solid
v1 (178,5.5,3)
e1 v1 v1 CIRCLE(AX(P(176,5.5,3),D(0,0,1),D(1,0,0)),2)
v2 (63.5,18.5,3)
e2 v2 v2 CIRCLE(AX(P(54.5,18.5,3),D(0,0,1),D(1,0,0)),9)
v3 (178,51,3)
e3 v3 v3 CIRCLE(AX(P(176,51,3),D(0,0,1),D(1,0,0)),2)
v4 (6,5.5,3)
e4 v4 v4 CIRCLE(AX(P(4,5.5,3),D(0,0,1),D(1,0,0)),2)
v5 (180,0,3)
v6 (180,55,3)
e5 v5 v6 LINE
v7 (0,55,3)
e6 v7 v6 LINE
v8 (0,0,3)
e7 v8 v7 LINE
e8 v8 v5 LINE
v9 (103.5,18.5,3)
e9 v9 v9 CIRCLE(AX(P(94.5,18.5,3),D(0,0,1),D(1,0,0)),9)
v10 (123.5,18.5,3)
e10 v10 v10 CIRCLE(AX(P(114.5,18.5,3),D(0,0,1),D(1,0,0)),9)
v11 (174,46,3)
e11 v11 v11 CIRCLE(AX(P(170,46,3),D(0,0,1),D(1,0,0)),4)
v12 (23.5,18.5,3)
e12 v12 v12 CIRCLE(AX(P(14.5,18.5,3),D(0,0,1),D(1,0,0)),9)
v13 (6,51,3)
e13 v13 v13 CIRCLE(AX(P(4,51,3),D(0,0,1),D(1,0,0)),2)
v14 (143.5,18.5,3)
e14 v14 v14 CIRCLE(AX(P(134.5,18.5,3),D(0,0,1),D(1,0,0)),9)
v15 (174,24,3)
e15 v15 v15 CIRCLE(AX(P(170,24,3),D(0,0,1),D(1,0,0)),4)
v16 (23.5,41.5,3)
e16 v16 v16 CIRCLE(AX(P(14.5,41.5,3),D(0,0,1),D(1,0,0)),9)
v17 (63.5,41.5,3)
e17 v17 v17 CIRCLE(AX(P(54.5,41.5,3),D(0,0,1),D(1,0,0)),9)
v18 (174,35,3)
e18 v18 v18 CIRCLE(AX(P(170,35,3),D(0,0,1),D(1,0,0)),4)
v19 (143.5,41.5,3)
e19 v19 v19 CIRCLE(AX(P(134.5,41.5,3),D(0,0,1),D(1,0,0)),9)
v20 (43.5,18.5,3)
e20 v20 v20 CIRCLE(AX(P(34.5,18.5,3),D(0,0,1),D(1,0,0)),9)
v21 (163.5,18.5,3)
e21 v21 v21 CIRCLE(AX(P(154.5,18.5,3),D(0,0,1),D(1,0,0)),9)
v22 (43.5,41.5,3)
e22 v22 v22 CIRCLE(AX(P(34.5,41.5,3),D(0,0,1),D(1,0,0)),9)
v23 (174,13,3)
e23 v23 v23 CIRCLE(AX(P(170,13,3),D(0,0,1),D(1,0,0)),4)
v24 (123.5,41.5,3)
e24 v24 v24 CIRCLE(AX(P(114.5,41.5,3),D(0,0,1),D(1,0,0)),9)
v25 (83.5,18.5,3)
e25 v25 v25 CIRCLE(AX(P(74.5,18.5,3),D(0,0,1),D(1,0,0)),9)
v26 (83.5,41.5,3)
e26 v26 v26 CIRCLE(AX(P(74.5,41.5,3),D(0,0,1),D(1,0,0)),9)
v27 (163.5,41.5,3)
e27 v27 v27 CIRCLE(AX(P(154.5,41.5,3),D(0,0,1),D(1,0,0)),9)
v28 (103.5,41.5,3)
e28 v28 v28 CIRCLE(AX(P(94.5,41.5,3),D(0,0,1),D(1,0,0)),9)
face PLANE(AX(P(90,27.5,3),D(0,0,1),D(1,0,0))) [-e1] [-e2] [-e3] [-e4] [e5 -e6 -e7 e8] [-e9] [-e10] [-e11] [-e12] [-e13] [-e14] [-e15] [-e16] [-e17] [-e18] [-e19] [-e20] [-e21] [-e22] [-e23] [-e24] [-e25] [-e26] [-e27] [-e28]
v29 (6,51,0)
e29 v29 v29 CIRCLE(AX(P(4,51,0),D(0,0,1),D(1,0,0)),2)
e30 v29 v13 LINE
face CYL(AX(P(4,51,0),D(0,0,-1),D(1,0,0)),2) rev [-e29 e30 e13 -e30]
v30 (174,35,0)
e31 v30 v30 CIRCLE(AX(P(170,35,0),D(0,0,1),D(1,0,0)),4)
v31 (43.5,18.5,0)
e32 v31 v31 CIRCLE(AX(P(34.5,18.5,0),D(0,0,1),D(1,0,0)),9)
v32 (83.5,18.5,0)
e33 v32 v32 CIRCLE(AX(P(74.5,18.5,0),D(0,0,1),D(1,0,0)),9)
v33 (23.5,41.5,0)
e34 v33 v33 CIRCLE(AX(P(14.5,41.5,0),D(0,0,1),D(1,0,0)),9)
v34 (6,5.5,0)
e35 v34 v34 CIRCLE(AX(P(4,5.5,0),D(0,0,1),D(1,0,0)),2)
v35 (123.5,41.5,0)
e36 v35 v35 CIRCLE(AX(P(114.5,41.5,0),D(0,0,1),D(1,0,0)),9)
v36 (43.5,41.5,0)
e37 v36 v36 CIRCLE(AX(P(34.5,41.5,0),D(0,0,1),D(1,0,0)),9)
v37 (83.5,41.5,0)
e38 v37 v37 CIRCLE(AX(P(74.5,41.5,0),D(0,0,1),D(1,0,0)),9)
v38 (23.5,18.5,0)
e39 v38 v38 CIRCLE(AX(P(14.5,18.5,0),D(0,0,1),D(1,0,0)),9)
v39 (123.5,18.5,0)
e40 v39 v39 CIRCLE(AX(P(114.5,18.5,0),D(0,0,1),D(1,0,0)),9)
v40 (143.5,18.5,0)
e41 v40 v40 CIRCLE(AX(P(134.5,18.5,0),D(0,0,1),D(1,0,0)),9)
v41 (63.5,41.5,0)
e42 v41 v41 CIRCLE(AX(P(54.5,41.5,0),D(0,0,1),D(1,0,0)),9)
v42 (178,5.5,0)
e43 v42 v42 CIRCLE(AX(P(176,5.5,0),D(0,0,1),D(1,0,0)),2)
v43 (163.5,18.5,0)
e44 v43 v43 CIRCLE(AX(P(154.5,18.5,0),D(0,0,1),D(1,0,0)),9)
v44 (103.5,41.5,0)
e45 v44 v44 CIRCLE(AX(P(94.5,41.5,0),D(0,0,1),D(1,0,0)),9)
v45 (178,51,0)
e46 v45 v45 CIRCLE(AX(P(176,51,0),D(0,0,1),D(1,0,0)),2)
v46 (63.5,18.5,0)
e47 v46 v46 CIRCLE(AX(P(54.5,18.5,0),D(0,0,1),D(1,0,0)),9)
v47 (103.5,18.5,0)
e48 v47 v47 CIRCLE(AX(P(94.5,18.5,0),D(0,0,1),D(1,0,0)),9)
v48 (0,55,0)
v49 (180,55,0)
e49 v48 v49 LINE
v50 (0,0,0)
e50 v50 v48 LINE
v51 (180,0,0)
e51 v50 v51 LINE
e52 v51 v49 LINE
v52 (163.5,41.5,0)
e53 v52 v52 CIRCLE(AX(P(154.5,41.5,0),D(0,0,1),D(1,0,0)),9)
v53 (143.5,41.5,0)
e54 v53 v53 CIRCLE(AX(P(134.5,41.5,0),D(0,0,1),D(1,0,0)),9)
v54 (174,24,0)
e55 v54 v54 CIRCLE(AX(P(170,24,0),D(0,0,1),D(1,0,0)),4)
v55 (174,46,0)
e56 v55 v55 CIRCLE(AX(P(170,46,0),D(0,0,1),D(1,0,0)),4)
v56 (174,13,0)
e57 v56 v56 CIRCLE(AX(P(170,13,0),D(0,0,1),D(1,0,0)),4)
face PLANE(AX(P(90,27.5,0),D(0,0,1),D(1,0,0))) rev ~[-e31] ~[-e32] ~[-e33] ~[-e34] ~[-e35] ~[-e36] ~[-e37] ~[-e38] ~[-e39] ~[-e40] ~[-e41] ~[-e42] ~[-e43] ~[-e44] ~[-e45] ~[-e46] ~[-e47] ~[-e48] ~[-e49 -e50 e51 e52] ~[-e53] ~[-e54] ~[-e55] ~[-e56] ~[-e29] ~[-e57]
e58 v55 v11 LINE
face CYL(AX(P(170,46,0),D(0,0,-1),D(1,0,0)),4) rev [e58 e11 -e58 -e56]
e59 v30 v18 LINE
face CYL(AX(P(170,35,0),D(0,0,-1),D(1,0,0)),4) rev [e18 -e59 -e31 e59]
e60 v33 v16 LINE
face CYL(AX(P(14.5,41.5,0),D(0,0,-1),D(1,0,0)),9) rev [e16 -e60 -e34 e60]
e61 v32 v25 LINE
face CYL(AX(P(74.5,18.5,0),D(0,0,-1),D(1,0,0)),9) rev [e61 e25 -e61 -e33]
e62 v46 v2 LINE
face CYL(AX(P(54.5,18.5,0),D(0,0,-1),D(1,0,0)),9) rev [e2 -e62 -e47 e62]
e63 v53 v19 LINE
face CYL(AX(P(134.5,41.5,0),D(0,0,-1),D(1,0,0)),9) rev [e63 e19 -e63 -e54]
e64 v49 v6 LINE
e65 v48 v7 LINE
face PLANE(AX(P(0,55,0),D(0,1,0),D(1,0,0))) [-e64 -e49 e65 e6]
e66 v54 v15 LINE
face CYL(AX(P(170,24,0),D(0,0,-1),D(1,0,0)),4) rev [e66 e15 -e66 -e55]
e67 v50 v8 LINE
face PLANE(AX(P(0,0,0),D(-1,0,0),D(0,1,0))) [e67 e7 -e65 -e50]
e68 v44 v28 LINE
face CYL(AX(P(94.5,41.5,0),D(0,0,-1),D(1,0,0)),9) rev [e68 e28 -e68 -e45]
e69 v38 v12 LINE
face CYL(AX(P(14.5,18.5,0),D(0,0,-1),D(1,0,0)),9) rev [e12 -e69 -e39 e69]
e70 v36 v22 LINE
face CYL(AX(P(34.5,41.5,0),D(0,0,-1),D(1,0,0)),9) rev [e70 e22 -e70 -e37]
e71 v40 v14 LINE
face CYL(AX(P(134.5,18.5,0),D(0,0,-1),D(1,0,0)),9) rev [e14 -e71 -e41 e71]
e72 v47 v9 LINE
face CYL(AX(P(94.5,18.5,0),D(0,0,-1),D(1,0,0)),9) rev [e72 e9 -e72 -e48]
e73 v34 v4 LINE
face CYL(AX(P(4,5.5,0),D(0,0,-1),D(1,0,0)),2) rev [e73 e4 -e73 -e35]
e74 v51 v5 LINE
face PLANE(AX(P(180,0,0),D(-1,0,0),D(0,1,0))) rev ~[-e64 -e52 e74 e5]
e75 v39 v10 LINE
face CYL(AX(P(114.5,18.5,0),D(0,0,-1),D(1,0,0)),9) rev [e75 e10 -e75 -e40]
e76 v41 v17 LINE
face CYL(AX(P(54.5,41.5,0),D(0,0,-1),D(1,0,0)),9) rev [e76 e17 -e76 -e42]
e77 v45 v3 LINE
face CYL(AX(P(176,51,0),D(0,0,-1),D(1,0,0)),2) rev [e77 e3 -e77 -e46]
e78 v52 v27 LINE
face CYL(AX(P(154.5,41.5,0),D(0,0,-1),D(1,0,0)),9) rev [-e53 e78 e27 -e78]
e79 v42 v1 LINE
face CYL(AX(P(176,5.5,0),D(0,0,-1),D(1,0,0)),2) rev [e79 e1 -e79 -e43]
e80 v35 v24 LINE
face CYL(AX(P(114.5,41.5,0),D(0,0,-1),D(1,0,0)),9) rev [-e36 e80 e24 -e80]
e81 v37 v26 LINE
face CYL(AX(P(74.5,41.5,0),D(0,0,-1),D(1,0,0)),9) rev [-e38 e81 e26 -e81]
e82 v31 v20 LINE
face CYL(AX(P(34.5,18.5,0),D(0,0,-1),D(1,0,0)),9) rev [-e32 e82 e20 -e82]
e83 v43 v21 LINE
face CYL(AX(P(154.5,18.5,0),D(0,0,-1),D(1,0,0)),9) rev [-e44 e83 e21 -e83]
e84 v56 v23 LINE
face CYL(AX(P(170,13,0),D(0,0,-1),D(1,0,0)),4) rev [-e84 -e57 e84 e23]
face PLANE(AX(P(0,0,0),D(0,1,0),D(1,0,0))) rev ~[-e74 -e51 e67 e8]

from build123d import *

# Parameters (mm, degrees)
CYLINDER023_R     = 2
CYLINDER023_DEPTH = 3
CYLINDER022_R     = 2
CYLINDER022_DEPTH = 3
CYLINDER021_R     = 2
CYLINDER021_DEPTH = 3
CYLINDER020_R     = 2
CYLINDER020_DEPTH = 3
CYLINDER019_R     = 4
CYLINDER019_DEPTH = 3
CYLINDER018_R     = 4
CYLINDER018_DEPTH = 3
CYLINDER013_R     = 4
CYLINDER013_DEPTH = 3
CYLINDER012_R     = 4
CYLINDER012_DEPTH = 3
CYLINDER017_R     = 9
CYLINDER017_DEPTH = 3
CYLINDER016_R     = 9
CYLINDER016_DEPTH = 3
CYLINDER015_R     = 9
CYLINDER015_DEPTH = 3
CYLINDER014_R     = 9
CYLINDER014_DEPTH = 3
CYLINDER007_R     = 9
CYLINDER007_DEPTH = 3
CYLINDER006_R     = 9
CYLINDER006_DEPTH = 3
CYLINDER005_R     = 9
CYLINDER005_DEPTH = 3
CYLINDER004_R     = 9
CYLINDER004_DEPTH = 3
CYLINDER011_R     = 9
CYLINDER011_DEPTH = 3
CYLINDER010_R     = 9
CYLINDER010_DEPTH = 3
CYLINDER009_R     = 9
CYLINDER009_DEPTH = 3
CYLINDER008_R     = 9
CYLINDER008_DEPTH = 3
CYLINDER003_R     = 9
CYLINDER003_DEPTH = 3
CYLINDER002_R     = 9
CYLINDER002_DEPTH = 3
CYLINDER001_R     = 9
CYLINDER001_DEPTH = 3
CYLINDER_R        = 9
CYLINDER_DEPTH    = 3
BOX_W             = 180
BOX_H             = 55
BOX_DEPTH         = 3


with BuildPart() as cylinder023:
    # Cylinder023 → Cylinder023 (new body)
    with BuildSketch(Plane(origin=(176, 51, 0), x_dir=(1, 0, 0), z_dir=(0, 0, 1))):
        Circle(CYLINDER023_R)
    extrude(amount=CYLINDER023_DEPTH)


with BuildPart() as cylinder022:
    # Cylinder022 → Cylinder022 (new body)
    with BuildSketch(Plane(origin=(4, 51, 0), x_dir=(1, 0, 0), z_dir=(0, 0, 1))):
        Circle(CYLINDER022_R)
    extrude(amount=CYLINDER022_DEPTH)


with BuildPart() as cylinder021:
    # Cylinder021 → Cylinder021 (new body)
    with BuildSketch(Plane(origin=(176, 5.5, 0), x_dir=(1, 0, 0), z_dir=(0, 0, 1))):
        Circle(CYLINDER021_R)
    extrude(amount=CYLINDER021_DEPTH)


with BuildPart() as cylinder020:
    # Cylinder020 → Cylinder020 (new body)
    with BuildSketch(Plane(origin=(4, 5.5, 0), x_dir=(1, 0, 0), z_dir=(0, 0, 1))):
        Circle(CYLINDER020_R)
    extrude(amount=CYLINDER020_DEPTH)


with BuildPart() as cylinder019:
    # Cylinder019 → Cylinder019 (new body)
    with BuildSketch(Plane(origin=(170, 13, 0), x_dir=(1, 0, 0), z_dir=(0, 0, 1))):
        Circle(CYLINDER019_R)
    extrude(amount=CYLINDER019_DEPTH)


with BuildPart() as cylinder018:
    # Cylinder018 → Cylinder018 (new body)
    with BuildSketch(Plane(origin=(170, 24, 0), x_dir=(1, 0, 0), z_dir=(0, 0, 1))):
        Circle(CYLINDER018_R)
    extrude(amount=CYLINDER018_DEPTH)


with BuildPart() as cylinder013:
    # Cylinder013 → Cylinder013 (new body)
    with BuildSketch(Plane(origin=(170, 35, 0), x_dir=(1, 0, 0), z_dir=(0, 0, 1))):
        Circle(CYLINDER013_R)
    extrude(amount=CYLINDER013_DEPTH)


with BuildPart() as cylinder012:
    # Cylinder012 → Cylinder012 (new body)
    with BuildSketch(Plane(origin=(170, 46, 0), x_dir=(1, 0, 0), z_dir=(0, 0, 1))):
        Circle(CYLINDER012_R)
    extrude(amount=CYLINDER012_DEPTH)


with BuildPart() as cylinder017:
    # Cylinder017 → Cylinder017 (new body)
    with BuildSketch(Plane(origin=(154.5, 18.5, 0), x_dir=(1, 0, 0), z_dir=(0, 0, 1))):
        Circle(CYLINDER017_R)
    extrude(amount=CYLINDER017_DEPTH)


with BuildPart() as cylinder016:
    # Cylinder016 → Cylinder016 (new body)
    with BuildSketch(Plane(origin=(134.5, 18.5, 0), x_dir=(1, 0, 0), z_dir=(0, 0, 1))):
        Circle(CYLINDER016_R)
    extrude(amount=CYLINDER016_DEPTH)


with BuildPart() as cylinder015:
    # Cylinder015 → Cylinder015 (new body)
    with BuildSketch(Plane(origin=(114.5, 18.5, 0), x_dir=(1, 0, 0), z_dir=(0, 0, 1))):
        Circle(CYLINDER015_R)
    extrude(amount=CYLINDER015_DEPTH)


with BuildPart() as cylinder014:
    # Cylinder014 → Cylinder014 (new body)
    with BuildSketch(Plane(origin=(94.5, 18.5, 0), x_dir=(1, 0, 0), z_dir=(0, 0, 1))):
        Circle(CYLINDER014_R)
    extrude(amount=CYLINDER014_DEPTH)


with BuildPart() as cylinder007:
    # Cylinder007 → Cylinder007 (new body)
    with BuildSketch(Plane(origin=(74.5, 18.5, 0), x_dir=(1, 0, 0), z_dir=(0, 0, 1))):
        Circle(CYLINDER007_R)
    extrude(amount=CYLINDER007_DEPTH)


with BuildPart() as cylinder006:
    # Cylinder006 → Cylinder006 (new body)
    with BuildSketch(Plane(origin=(54.5, 18.5, 0), x_dir=(1, 0, 0), z_dir=(0, 0, 1))):
        Circle(CYLINDER006_R)
    extrude(amount=CYLINDER006_DEPTH)


with BuildPart() as cylinder005:
    # Cylinder005 → Cylinder005 (new body)
    with BuildSketch(Plane(origin=(34.5, 18.5, 0), x_dir=(1, 0, 0), z_dir=(0, 0, 1))):
        Circle(CYLINDER005_R)
    extrude(amount=CYLINDER005_DEPTH)


with BuildPart() as cylinder004:
    # Cylinder004 → Cylinder004 (new body)
    with BuildSketch(Plane(origin=(14.5, 18.5, 0), x_dir=(1, 0, 0), z_dir=(0, 0, 1))):
        Circle(CYLINDER004_R)
    extrude(amount=CYLINDER004_DEPTH)


with BuildPart() as cylinder011:
    # Cylinder011 → Cylinder011 (new body)
    with BuildSketch(Plane(origin=(154.5, 41.5, 0), x_dir=(1, 0, 0), z_dir=(0, 0, 1))):
        Circle(CYLINDER011_R)
    extrude(amount=CYLINDER011_DEPTH)


with BuildPart() as cylinder010:
    # Cylinder010 → Cylinder010 (new body)
    with BuildSketch(Plane(origin=(134.5, 41.5, 0), x_dir=(1, 0, 0), z_dir=(0, 0, 1))):
        Circle(CYLINDER010_R)
    extrude(amount=CYLINDER010_DEPTH)


with BuildPart() as cylinder009:
    # Cylinder009 → Cylinder009 (new body)
    with BuildSketch(Plane(origin=(114.5, 41.5, 0), x_dir=(1, 0, 0), z_dir=(0, 0, 1))):
        Circle(CYLINDER009_R)
    extrude(amount=CYLINDER009_DEPTH)


with BuildPart() as cylinder008:
    # Cylinder008 → Cylinder008 (new body)
    with BuildSketch(Plane(origin=(94.5, 41.5, 0), x_dir=(1, 0, 0), z_dir=(0, 0, 1))):
        Circle(CYLINDER008_R)
    extrude(amount=CYLINDER008_DEPTH)


with BuildPart() as cylinder003:
    # Cylinder003 → Cylinder003 (new body)
    with BuildSketch(Plane(origin=(74.5, 41.5, 0), x_dir=(1, 0, 0), z_dir=(0, 0, 1))):
        Circle(CYLINDER003_R)
    extrude(amount=CYLINDER003_DEPTH)


with BuildPart() as cylinder002:
    # Cylinder002 → Cylinder002 (new body)
    with BuildSketch(Plane(origin=(54.5, 41.5, 0), x_dir=(1, 0, 0), z_dir=(0, 0, 1))):
        Circle(CYLINDER002_R)
    extrude(amount=CYLINDER002_DEPTH)


with BuildPart() as cylinder001:
    # Cylinder001 → Cylinder001 (new body)
    with BuildSketch(Plane(origin=(34.5, 41.5, 0), x_dir=(1, 0, 0), z_dir=(0, 0, 1))):
        Circle(CYLINDER001_R)
    extrude(amount=CYLINDER001_DEPTH)


with BuildPart() as cylinder:
    # Cylinder → Cylinder (new body)
    with BuildSketch(Plane(origin=(14.5, 41.5, 0), x_dir=(1, 0, 0), z_dir=(0, 0, 1))):
        Circle(CYLINDER_R)
    extrude(amount=CYLINDER_DEPTH)


with BuildPart() as cut023:
    # Box → Box (new body)
    with BuildSketch(Plane.XY):
        with Locations((90, 27.5)):
            Rectangle(BOX_W, BOX_H)
    extrude(amount=BOX_DEPTH)

    # Cut: cut Cylinder
    add(cylinder.part, mode=Mode.SUBTRACT)

    # Cut001: cut Cylinder001
    add(cylinder001.part, mode=Mode.SUBTRACT)

    # Cut002: cut Cylinder002
    add(cylinder002.part, mode=Mode.SUBTRACT)

    # Cut003: cut Cylinder003
    add(cylinder003.part, mode=Mode.SUBTRACT)

    # Cut004: cut Cylinder008
    add(cylinder008.part, mode=Mode.SUBTRACT)

    # Cut005: cut Cylinder009
    add(cylinder009.part, mode=Mode.SUBTRACT)

    # Cut006: cut Cylinder010
    add(cylinder010.part, mode=Mode.SUBTRACT)

    # Cut007: cut Cylinder011
    add(cylinder011.part, mode=Mode.SUBTRACT)

    # Cut008: cut Cylinder004
    add(cylinder004.part, mode=Mode.SUBTRACT)

    # Cut009: cut Cylinder005
    add(cylinder005.part, mode=Mode.SUBTRACT)

    # Cut010: cut Cylinder006
    add(cylinder006.part, mode=Mode.SUBTRACT)

    # Cut011: cut Cylinder007
    add(cylinder007.part, mode=Mode.SUBTRACT)

    # Cut012: cut Cylinder014
    add(cylinder014.part, mode=Mode.SUBTRACT)

    # Cut013: cut Cylinder015
    add(cylinder015.part, mode=Mode.SUBTRACT)

    # Cut014: cut Cylinder016
    add(cylinder016.part, mode=Mode.SUBTRACT)

    # Cut015: cut Cylinder017
    add(cylinder017.part, mode=Mode.SUBTRACT)

    # Cut016: cut Cylinder012
    add(cylinder012.part, mode=Mode.SUBTRACT)

    # Cut017: cut Cylinder013
    add(cylinder013.part, mode=Mode.SUBTRACT)

    # Cut018: cut Cylinder018
    add(cylinder018.part, mode=Mode.SUBTRACT)

    # Cut019: cut Cylinder019
    add(cylinder019.part, mode=Mode.SUBTRACT)

    # Cut020: cut Cylinder020
    add(cylinder020.part, mode=Mode.SUBTRACT)

    # Cut021: cut Cylinder021
    add(cylinder021.part, mode=Mode.SUBTRACT)

    # Cut022: cut Cylinder022
    add(cylinder022.part, mode=Mode.SUBTRACT)

    # Cut023: cut Cylinder023
    add(cylinder023.part, mode=Mode.SUBTRACT)


solid = cut023.part
